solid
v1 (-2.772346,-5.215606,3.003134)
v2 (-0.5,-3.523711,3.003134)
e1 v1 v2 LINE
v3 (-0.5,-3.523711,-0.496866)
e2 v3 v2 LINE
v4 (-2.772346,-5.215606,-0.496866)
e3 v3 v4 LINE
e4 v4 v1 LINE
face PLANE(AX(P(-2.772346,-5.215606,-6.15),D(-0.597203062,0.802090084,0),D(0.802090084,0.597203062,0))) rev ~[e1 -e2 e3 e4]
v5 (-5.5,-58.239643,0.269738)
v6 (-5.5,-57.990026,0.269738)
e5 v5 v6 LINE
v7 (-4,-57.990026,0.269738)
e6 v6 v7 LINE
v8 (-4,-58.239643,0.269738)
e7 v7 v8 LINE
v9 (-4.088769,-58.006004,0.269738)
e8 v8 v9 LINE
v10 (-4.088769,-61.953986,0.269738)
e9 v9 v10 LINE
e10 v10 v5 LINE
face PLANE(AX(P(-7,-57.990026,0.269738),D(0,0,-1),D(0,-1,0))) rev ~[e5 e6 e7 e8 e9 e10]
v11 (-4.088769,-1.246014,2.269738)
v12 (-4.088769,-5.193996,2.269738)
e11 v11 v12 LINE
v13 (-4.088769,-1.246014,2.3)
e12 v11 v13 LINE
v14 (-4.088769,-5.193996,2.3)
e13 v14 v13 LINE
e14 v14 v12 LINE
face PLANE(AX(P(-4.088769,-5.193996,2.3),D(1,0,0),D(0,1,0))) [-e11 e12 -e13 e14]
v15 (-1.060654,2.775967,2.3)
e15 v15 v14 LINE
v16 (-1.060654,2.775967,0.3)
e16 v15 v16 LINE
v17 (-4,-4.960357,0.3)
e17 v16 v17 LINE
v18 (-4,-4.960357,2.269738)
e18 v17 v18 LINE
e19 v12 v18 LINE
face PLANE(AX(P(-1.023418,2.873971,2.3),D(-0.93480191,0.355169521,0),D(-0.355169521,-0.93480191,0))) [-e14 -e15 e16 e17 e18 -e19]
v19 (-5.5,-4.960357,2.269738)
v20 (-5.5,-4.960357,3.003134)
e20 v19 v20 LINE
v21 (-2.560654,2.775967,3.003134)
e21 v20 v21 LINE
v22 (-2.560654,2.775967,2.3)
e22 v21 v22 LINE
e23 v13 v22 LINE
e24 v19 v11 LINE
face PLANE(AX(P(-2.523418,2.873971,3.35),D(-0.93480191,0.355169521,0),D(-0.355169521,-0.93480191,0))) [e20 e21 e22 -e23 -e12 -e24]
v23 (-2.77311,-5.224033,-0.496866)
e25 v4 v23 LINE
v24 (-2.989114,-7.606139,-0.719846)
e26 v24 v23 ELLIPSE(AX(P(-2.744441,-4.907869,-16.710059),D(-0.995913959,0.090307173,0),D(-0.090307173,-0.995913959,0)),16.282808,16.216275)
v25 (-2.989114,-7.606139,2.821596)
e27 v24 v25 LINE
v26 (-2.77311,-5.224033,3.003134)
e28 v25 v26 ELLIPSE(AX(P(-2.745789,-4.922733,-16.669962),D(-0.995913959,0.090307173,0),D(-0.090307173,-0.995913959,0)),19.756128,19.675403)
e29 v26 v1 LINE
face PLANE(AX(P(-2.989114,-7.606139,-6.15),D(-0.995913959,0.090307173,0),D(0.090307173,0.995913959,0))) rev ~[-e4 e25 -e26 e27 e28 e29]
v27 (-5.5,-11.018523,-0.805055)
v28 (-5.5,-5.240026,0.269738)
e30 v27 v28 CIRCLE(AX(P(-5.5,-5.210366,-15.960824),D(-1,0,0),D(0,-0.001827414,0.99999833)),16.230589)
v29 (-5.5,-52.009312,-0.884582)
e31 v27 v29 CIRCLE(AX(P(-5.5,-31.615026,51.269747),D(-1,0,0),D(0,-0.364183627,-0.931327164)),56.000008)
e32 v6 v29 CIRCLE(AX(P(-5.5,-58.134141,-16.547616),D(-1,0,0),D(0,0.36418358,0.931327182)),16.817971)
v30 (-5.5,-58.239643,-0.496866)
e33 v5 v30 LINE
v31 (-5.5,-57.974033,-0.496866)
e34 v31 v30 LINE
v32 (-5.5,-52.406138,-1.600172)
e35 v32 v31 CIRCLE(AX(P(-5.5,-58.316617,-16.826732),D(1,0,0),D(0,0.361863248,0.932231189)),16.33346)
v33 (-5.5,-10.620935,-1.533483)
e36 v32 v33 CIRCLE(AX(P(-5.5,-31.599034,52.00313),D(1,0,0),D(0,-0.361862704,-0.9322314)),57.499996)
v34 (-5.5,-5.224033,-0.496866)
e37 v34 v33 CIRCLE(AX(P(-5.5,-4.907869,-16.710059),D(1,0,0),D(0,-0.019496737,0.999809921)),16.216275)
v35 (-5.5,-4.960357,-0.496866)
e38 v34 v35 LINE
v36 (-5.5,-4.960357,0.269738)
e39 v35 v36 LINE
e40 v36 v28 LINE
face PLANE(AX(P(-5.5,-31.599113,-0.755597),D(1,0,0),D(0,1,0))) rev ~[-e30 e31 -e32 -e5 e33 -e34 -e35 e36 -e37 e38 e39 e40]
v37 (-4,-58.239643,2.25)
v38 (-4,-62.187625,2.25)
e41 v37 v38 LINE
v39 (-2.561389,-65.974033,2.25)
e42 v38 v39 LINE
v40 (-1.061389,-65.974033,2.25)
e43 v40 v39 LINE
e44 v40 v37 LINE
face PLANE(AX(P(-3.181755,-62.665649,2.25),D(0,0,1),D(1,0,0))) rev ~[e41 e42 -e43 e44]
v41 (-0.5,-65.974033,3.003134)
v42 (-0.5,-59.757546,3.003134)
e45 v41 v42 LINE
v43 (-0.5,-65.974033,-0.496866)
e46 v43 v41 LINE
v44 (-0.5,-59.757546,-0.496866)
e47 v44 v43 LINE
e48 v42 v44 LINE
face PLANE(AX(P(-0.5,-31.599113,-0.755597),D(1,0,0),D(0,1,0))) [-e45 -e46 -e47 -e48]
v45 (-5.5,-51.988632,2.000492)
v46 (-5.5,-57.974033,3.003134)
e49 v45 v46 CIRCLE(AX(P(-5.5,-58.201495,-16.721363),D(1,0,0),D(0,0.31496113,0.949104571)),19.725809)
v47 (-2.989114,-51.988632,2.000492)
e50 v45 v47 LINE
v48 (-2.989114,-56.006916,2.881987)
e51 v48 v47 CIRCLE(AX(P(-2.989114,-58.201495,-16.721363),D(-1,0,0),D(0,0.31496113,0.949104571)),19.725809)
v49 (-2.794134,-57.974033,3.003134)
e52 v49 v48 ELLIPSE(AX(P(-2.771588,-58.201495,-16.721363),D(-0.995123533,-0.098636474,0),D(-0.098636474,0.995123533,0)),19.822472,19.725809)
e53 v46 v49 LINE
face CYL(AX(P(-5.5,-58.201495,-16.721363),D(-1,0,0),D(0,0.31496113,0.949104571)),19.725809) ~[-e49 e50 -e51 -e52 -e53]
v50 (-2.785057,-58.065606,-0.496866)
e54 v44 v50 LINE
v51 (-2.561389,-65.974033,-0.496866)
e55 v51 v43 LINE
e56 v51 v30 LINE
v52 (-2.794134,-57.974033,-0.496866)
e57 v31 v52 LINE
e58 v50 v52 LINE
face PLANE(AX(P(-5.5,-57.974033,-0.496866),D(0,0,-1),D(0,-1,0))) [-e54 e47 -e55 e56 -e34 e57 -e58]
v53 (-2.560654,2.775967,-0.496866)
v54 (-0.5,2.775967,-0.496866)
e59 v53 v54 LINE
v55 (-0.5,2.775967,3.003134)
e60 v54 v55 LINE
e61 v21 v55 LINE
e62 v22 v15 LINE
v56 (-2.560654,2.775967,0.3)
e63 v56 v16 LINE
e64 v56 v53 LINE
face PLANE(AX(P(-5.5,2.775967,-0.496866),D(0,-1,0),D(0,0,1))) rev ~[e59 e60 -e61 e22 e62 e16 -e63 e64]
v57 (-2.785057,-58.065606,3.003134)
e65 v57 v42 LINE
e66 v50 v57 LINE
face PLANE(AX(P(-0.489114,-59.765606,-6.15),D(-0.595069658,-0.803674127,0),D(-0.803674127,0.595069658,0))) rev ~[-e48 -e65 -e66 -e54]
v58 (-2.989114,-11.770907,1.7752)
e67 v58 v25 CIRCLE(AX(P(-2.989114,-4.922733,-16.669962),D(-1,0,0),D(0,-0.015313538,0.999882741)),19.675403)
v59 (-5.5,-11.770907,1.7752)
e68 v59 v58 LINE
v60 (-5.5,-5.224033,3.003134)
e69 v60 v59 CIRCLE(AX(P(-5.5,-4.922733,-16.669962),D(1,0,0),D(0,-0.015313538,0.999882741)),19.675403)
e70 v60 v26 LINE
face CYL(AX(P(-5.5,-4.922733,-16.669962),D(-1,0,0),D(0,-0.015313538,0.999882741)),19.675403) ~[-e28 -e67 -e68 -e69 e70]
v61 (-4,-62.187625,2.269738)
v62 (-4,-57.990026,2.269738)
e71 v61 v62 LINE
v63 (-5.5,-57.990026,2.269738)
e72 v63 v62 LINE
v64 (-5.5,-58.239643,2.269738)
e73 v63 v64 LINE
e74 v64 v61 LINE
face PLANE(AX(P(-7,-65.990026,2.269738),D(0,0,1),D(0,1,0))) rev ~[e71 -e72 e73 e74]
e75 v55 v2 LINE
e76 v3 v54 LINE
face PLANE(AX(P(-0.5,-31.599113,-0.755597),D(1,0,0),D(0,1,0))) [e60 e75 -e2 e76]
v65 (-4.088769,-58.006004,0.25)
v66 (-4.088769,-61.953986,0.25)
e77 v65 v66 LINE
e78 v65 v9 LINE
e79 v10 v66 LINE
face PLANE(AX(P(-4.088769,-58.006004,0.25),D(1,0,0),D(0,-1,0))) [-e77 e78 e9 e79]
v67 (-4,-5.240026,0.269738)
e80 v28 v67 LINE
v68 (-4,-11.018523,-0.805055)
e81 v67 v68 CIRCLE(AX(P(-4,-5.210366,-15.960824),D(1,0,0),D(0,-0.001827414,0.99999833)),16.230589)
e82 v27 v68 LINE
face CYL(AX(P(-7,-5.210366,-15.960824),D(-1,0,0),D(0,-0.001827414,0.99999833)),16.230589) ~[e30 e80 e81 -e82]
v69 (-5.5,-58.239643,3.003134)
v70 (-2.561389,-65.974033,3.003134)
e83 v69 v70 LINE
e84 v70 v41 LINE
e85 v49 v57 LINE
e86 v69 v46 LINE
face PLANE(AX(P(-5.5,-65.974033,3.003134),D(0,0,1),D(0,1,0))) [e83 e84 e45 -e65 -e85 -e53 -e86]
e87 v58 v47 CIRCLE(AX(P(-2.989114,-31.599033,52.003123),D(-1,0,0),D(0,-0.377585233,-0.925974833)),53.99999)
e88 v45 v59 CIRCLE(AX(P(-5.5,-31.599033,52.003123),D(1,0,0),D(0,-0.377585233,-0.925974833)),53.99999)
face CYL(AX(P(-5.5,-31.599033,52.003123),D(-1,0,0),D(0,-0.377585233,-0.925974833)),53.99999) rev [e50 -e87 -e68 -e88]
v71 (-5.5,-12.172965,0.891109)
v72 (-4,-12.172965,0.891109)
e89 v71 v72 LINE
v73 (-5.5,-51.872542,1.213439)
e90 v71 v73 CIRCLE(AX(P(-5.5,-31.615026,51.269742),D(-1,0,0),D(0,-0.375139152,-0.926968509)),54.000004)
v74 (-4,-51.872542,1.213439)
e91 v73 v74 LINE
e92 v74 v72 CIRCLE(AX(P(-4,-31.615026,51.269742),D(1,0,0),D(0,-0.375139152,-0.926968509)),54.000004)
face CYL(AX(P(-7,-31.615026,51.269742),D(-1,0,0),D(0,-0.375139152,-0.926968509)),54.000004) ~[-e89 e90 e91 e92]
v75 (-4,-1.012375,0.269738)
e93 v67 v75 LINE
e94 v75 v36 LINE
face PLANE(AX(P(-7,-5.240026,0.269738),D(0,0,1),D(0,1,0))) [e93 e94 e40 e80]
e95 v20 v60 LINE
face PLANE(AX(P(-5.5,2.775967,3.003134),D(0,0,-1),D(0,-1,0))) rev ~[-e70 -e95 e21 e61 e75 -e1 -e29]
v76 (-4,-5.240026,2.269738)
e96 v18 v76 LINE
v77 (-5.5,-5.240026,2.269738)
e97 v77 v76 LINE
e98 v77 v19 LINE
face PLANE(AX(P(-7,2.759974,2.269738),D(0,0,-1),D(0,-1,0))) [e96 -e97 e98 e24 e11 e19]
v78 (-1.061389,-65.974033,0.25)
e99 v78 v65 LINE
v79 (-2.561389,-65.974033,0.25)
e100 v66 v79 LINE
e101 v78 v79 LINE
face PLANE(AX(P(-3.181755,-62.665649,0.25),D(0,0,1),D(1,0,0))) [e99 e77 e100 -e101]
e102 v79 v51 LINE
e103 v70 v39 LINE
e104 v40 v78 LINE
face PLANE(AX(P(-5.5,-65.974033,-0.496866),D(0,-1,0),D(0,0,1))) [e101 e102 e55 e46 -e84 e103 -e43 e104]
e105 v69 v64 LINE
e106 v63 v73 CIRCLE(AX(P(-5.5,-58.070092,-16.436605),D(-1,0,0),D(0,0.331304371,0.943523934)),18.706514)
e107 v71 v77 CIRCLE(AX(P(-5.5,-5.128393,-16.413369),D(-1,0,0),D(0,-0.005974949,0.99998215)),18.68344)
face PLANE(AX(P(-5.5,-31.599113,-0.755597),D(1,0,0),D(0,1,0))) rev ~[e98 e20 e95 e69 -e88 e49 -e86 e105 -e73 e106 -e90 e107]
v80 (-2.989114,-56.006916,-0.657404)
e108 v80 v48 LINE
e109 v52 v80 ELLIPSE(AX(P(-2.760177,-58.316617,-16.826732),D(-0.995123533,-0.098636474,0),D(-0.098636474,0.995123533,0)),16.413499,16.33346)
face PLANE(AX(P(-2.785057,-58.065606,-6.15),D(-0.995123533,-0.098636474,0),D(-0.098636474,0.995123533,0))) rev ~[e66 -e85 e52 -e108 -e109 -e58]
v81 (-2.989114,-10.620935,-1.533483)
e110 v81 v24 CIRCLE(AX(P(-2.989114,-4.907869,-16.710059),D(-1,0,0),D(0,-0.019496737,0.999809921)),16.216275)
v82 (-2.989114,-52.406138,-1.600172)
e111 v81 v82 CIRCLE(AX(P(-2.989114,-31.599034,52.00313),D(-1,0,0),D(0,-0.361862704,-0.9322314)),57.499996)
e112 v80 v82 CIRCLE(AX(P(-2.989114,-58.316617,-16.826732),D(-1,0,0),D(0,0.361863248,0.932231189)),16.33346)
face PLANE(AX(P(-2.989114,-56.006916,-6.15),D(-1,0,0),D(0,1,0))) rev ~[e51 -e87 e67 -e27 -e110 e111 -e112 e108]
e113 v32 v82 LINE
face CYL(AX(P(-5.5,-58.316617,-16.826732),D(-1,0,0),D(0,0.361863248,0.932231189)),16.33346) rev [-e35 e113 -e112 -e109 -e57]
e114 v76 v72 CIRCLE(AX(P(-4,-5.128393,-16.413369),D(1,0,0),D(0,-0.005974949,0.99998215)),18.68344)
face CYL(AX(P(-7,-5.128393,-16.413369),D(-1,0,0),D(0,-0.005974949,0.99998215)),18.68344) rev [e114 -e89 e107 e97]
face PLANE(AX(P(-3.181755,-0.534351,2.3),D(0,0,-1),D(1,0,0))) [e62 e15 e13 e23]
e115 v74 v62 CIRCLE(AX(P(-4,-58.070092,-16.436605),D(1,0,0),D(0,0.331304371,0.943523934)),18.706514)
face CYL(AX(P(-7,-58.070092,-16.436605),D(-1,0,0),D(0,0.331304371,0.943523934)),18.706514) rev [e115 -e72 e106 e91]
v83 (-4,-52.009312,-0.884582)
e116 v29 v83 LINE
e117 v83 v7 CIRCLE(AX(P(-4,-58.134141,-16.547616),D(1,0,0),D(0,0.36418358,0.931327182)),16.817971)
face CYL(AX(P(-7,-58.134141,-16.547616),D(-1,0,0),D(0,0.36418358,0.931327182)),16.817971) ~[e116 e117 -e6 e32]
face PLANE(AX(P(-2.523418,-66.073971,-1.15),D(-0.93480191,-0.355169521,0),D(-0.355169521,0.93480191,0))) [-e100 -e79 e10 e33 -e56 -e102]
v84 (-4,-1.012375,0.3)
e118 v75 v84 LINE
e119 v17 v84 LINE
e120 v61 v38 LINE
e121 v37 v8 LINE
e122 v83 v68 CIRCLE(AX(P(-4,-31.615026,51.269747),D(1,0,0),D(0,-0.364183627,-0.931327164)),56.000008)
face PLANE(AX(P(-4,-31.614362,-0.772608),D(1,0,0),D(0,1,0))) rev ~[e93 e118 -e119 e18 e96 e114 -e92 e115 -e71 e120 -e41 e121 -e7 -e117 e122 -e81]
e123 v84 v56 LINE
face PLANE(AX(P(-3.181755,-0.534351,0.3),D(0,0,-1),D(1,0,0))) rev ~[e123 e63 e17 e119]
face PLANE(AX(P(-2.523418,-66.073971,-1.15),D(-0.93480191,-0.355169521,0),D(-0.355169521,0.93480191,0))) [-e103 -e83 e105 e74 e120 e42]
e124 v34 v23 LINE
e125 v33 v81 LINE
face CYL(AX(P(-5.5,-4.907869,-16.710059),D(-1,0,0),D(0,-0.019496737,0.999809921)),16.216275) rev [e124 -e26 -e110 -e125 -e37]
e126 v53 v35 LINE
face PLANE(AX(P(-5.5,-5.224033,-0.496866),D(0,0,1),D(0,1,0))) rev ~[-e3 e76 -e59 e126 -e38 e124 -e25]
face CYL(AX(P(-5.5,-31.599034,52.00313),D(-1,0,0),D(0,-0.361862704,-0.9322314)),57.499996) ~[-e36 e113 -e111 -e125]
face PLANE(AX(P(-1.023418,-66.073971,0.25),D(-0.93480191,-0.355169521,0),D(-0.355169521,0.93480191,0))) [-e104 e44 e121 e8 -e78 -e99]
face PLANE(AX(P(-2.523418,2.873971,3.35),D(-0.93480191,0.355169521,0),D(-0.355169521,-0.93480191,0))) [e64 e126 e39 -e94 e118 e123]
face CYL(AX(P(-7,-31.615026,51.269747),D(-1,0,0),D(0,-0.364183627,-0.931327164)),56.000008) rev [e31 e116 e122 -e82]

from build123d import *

# Parameters (mm, degrees)
EXTRUDE064_DEPTH           = 5
EXTRUDE066_DEPTH           = 5
EXTRUDE066_PLACEMENT_ANGLE = 180
EXTRUDE065_DEPTH           = 2
EXTRUDE065_PLACEMENT_ANGLE = 180
EXTRUDE061_DEPTH           = 2
EXTRUDE063_DEPTH           = 3
EXTRUDE060_DEPTH           = 10
EXTRUDE057_DEPTH           = 5


with BuildPart() as extrude064:
    # Sketch039 → Extrude064 (new body)
    with BuildSketch(Plane.XY):
        Polygon((-0.523418, -66.073971), (-3.588769, -58.006004), (-3.588769, -66.073971), align=None)
    extrude(amount=EXTRUDE064_DEPTH)


with BuildPart() as extrude064_1:
    # Extrude064 placement: moved
    add(extrude064.part.moved(Location((-2, 0, -1))))


with BuildPart() as fusion056:
    # Sketch039 → Extrude066 (new body)
    with BuildSketch(Plane.XY):
        Polygon((-0.523418, -66.073971), (-3.588769, -58.006004), (-3.588769, -66.073971), align=None)
    extrude(amount=EXTRUDE066_DEPTH)


with BuildPart() as fusion056_1:
    # Extrude066 placement: moved
    add(fusion056.part.moved(Location((-2, -63.2, 3.5))).rotate(Axis((-2, -63.2, 3.5), (1, 0, 0)), EXTRUDE066_PLACEMENT_ANGLE))

    # Fusion056: union Extrude064
    add(extrude064_1.part)


with BuildPart() as extrude065:
    # Sketch037 → Extrude065 (new body)
    with BuildSketch(Plane.XY):
        Polygon((-0.523418, -66.073971), (-3.588769, -58.006004), (-3.588769, -66.073971), align=None)
    extrude(amount=EXTRUDE065_DEPTH)


with BuildPart() as extrude065_1:
    # Extrude065 placement: moved
    add(extrude065.part.moved(Location((-0.5, -63.2, 2.45))).rotate(Axis((-0.5, -63.2, 2.45), (1, 0, 0)), EXTRUDE065_PLACEMENT_ANGLE))


with BuildPart() as fusion055:
    # Sketch037 → Extrude061 (new body)
    with BuildSketch(Plane.XY):
        Polygon((-0.523418, -66.073971), (-3.588769, -58.006004), (-3.588769, -66.073971), align=None)
    extrude(amount=EXTRUDE061_DEPTH)


with BuildPart() as fusion055_1:
    # Extrude061 placement: moved
    add(fusion055.part.moved(Location((-0.5, 0, 0.4))))

    # Fusion055: union Extrude065
    add(extrude065_1.part)


with BuildPart() as extrude063:
    # Sketch038 → Extrude063 (new body)
    with BuildSketch(Plane.YZ):
        with BuildLine():
            ThreePointArc((-52.009312, -0.734582), (-31.50638, -4.580156), (-11.018523, -0.655055))
            ThreePointArc((-5.240026, 0.419738), (-8.178332, 0.146093), (-11.018523, -0.655055))
            Line((-5.240026, 0.419738), (2.759974, 0.419738))
            Line((2.759974, 0.419738), (2.759974, 2.419738))
            Line((2.759974, 2.419738), (-5.240026, 2.419738))
            ThreePointArc((-5.240026, 2.419738), (-8.772288, 2.061286), (-12.172965, 1.041109))
            ThreePointArc((-51.872542, 1.363439), (-32.05345, -2.578482), (-12.172965, 1.041109))
            ThreePointArc((-51.872542, 1.363439), (-54.88716, 2.147131), (-57.990026, 2.419738))
            Line((-65.990026, 2.419738), (-57.990026, 2.419738))
            Line((-65.990026, 0.419738), (-65.990026, 2.419738))
            Line((-57.990026, 0.419738), (-65.990026, 0.419738))
            ThreePointArc((-52.009312, -0.734582), (-54.946975, 0.115595), (-57.990026, 0.419738))
        make_face()
    extrude(amount=EXTRUDE063_DEPTH)


with BuildPart() as extrude063_1:
    # Extrude063 placement: moved
    add(extrude063.part.moved(Location((-7, 0, 0))))


with BuildPart() as extrude060:
    # Sketch036 → Extrude060 (new body)
    with BuildSketch(Plane.XY):
        Polygon((-0.489114, -59.765606), (-2.785057, -58.065606), (-2.989114, -56.006916), (-2.989114, -7.606139), (-2.772346, -5.215606), (-0.489114, -3.515606), align=None)
    extrude(amount=EXTRUDE060_DEPTH)


with BuildPart() as extrude060_1:
    # Extrude060 placement: moved
    add(extrude060.part.moved(Location((0, 0, -6))))


with BuildPart() as endverbindung:
    # Sketch033 → Extrude057 (new body)
    with BuildSketch(Plane.YZ):
        with BuildLine():
            ThreePointArc((-52.506138, -1.600172), (-31.607264, -5.496793), (-10.720935, -1.533483))
            ThreePointArc((-5.324033, -0.496866), (-8.066716, -0.784889), (-10.720935, -1.533483))
            Line((-5.324033, -0.496866), (2.675967, -0.496866))
            Line((2.675967, -0.496866), (2.675967, 3.003134))
            Line((2.675967, 3.003134), (-5.324033, 3.003134))
            ThreePointArc((-5.324033, 3.003134), (-8.649812, 2.668233), (-11.870907, 1.7752))
            ThreePointArc((-52.088632, 2.000492), (-32.001526, -1.996019), (-11.870907, 1.7752))
            ThreePointArc((-52.088632, 2.000492), (-55.042543, 2.733373), (-58.074033, 3.003134))
            Line((-66.074033, 3.003134), (-58.074033, 3.003134))
            Line((-66.074033, -0.496866), (-66.074033, 3.003134))
            Line((-58.074033, -0.496866), (-66.074033, -0.496866))
            ThreePointArc((-52.506138, -1.600172), (-55.241791, -0.804798), (-58.074033, -0.496866))
        make_face()
    extrude(amount=EXTRUDE057_DEPTH)


with BuildPart() as endverbindung_1:
    # Extrude057 placement: moved
    add(endverbindung.part.moved(Location((-5.5, 0.1, 0.15))))

    # Cut060: cut Extrude060
    add(extrude060_1.part, mode=Mode.SUBTRACT)

    # Cut061: cut Extrude063
    add(extrude063_1.part, mode=Mode.SUBTRACT)

    # Cut062: cut Fusion055
    add(fusion055_1.part, mode=Mode.SUBTRACT)

    # Cut063: cut Fusion056
    add(fusion056_1.part, mode=Mode.SUBTRACT)


with BuildPart() as endverbindung_2:
    # Cut063 placement: moved
    add(endverbindung_1.part.moved(Location((0, 0, -0.15))))


solid = endverbindung_2.part
